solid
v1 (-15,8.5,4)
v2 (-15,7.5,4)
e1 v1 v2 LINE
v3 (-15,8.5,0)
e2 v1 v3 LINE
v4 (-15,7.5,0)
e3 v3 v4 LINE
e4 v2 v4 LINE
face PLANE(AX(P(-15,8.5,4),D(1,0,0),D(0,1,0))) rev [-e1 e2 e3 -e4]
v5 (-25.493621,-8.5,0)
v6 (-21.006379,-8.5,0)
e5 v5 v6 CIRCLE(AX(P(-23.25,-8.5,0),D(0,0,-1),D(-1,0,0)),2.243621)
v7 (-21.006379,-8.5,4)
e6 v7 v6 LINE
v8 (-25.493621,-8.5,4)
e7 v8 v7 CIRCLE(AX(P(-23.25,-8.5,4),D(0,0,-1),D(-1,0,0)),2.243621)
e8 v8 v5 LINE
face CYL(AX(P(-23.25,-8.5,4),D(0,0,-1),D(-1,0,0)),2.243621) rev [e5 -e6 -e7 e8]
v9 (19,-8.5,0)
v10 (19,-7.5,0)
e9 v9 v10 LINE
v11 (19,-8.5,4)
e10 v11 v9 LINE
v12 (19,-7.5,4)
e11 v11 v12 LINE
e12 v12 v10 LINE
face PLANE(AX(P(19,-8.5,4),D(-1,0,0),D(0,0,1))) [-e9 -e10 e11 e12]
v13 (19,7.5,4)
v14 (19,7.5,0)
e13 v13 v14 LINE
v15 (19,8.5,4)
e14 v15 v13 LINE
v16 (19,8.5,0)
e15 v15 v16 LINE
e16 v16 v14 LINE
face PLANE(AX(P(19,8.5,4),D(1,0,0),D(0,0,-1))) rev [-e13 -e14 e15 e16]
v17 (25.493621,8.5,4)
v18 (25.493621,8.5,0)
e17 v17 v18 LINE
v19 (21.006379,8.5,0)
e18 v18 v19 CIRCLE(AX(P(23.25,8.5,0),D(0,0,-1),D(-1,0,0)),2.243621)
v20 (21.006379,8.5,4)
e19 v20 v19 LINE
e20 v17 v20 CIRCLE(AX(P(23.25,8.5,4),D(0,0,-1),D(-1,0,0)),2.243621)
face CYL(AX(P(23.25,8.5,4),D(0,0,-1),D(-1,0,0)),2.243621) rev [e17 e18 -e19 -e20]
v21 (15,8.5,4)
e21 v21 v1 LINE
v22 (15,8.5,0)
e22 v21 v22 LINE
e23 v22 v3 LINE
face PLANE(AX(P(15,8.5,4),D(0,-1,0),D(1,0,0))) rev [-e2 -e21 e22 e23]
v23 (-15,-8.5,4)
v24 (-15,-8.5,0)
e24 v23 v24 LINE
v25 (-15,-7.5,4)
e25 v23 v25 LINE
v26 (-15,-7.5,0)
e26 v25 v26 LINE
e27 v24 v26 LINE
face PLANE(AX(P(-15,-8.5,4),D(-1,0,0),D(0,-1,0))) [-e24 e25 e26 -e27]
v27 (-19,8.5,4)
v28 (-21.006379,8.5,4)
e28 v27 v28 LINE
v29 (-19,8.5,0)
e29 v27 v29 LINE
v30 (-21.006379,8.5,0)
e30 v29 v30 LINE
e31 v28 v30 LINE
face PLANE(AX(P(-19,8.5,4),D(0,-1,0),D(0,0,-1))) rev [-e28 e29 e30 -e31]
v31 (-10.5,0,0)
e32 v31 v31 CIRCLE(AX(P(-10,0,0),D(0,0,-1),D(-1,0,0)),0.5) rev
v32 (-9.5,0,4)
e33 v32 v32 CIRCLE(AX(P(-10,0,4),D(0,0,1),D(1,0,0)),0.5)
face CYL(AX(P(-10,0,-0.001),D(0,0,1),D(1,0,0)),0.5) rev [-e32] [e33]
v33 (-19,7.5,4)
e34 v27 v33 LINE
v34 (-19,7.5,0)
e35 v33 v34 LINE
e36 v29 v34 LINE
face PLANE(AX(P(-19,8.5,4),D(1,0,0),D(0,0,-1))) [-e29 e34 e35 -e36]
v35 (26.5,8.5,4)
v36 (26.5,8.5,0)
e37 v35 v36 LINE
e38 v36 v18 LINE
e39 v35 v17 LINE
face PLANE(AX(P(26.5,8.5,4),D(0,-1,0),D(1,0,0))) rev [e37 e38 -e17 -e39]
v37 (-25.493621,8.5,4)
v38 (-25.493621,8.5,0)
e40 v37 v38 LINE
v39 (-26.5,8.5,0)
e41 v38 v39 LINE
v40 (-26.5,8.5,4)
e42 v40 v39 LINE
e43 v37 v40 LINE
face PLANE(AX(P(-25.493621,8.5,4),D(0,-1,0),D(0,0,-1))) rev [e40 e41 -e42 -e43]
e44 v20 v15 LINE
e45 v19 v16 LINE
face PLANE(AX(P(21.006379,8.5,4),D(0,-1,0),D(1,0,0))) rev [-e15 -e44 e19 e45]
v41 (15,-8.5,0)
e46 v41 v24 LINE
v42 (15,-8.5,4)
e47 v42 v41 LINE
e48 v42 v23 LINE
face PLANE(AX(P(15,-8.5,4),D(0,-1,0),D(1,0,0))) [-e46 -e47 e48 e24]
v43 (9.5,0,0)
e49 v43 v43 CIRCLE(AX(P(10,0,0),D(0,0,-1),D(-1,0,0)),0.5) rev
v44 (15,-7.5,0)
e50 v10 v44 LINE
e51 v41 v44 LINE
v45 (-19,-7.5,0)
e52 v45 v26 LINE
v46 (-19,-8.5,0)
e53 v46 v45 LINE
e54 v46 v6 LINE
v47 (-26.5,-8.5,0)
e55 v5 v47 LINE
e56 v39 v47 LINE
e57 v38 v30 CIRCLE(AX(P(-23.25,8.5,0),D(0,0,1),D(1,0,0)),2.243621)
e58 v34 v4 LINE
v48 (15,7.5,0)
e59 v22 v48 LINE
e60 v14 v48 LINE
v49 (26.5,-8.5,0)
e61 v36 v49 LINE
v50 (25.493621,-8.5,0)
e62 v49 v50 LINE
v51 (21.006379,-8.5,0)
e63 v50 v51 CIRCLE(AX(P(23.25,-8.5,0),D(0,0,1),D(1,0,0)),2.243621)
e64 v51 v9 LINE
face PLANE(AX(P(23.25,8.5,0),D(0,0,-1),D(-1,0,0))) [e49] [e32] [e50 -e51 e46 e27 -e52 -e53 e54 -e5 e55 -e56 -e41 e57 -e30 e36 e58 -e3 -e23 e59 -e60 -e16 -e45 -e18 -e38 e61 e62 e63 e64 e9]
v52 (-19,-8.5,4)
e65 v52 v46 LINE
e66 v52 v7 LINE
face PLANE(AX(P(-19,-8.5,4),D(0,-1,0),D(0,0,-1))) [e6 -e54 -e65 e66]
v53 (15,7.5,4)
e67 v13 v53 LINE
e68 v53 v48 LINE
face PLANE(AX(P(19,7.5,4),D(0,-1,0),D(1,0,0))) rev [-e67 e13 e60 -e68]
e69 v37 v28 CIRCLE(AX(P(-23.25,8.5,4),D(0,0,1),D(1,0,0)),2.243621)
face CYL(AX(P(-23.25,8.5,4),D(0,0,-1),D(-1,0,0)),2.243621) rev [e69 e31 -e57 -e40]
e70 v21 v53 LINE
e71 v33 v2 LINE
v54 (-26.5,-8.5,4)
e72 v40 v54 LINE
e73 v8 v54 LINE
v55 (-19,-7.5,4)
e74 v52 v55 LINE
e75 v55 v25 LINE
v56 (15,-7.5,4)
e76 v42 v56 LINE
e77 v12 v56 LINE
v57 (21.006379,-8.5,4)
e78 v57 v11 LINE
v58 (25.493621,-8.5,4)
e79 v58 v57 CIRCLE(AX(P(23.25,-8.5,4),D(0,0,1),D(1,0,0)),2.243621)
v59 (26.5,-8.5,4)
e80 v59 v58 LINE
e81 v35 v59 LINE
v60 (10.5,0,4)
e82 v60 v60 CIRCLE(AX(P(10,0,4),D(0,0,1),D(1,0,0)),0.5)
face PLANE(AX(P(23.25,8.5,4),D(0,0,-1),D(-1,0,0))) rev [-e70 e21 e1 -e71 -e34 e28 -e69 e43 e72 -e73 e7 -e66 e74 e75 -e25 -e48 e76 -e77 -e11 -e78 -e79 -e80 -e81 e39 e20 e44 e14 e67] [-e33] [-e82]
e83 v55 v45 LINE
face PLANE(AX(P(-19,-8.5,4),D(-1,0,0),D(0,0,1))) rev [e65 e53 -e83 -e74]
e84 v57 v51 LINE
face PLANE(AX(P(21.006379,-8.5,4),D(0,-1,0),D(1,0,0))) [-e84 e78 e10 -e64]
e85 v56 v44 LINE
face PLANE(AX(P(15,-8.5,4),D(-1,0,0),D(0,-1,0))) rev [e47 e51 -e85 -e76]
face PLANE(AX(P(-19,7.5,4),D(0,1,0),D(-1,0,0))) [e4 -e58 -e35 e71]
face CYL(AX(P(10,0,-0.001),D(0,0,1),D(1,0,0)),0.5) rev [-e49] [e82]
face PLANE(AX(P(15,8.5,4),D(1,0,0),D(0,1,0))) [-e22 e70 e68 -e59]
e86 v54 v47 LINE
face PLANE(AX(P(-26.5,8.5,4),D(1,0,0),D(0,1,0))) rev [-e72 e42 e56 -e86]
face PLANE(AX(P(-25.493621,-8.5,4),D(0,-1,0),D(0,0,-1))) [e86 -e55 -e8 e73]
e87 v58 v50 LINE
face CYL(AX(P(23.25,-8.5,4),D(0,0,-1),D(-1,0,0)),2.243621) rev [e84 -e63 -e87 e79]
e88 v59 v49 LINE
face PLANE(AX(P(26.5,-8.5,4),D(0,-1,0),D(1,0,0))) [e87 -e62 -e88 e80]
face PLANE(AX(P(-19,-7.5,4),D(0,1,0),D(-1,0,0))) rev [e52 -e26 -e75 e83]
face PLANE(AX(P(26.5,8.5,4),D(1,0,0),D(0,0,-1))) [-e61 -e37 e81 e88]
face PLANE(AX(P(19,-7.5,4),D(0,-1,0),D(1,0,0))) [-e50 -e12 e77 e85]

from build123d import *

# Parameters (mm, degrees)
AUFSATZ_LINEAR_AUSTRAGEN1_DEPTH = 4
SCHNITT_LINEAR_AUSTRAGEN1_REACH = 6
SKIZZE2_R                       = 0.5


with BuildPart() as part:
    # Skizze1 → Aufsatz-Linear austragen1 (new body)
    with BuildSketch(Plane.XY):
        with BuildLine():
            Line((26.5, 8.5), (25.493621062, 8.5))
            ThreePointArc((25.493621062, 8.5), (23.25, 6.256378938), (21.006378938, 8.5))
            Line((21.006378938, 8.5), (19, 8.5))
            Line((19, 8.5), (19, 7.5))
            Line((19, 7.5), (15, 7.5))
            Line((15, 7.5), (15, 8.5))
            Line((15, 8.5), (-15, 8.5))
            Line((-15, 8.5), (-15, 7.5))
            Line((-15, 7.5), (-19, 7.5))
            Line((-19, 7.5), (-19, 8.5))
            Line((-19, 8.5), (-21.006378938, 8.5))
            ThreePointArc((-21.006378938, 8.5), (-23.25, 6.256378938), (-25.493621062, 8.5))
            Line((-25.493621062, 8.5), (-26.5, 8.5))
            Line((-26.5, 8.5), (-26.5, -8.5))
            Line((-26.5, -8.5), (-25.493621062, -8.5))
            ThreePointArc((-25.493621062, -8.5), (-23.25, -6.256378938), (-21.006378938, -8.5))
            Line((-21.006378938, -8.5), (-19, -8.5))
            Line((-19, -8.5), (-19, -7.5))
            Line((-19, -7.5), (-15, -7.5))
            Line((-15, -7.5), (-15, -8.5))
            Line((-15, -8.5), (15, -8.5))
            Line((15, -8.5), (15, -7.5))
            Line((15, -7.5), (19, -7.5))
            Line((19, -7.5), (19, -8.5))
            Line((19, -8.5), (21.006378938, -8.5))
            ThreePointArc((21.006378938, -8.5), (23.25, -6.256378938), (25.493621062, -8.5))
            Line((25.493621062, -8.5), (26.5, -8.5))
            Line((26.5, -8.5), (26.5, 8.5))
        make_face()
    extrude(amount=AUFSATZ_LINEAR_AUSTRAGEN1_DEPTH)

    # Skizze2 → Schnitt-Linear austragen1 (cut, up to next)
    with BuildSketch(Plane.XY.offset(4), mode=Mode.PRIVATE) as schnitt_linear_austragen1_sk1:
        with Locations((-10, 0)):
            Circle(SKIZZE2_R)
    schnitt_linear_austragen1_tool1 = extrude(schnitt_linear_austragen1_sk1.sketch, amount=-SCHNITT_LINEAR_AUSTRAGEN1_REACH, mode=Mode.PRIVATE) & part.part
    add(schnitt_linear_austragen1_tool1.solids().sort_by_distance((-10, 0, 4))[0], mode=Mode.SUBTRACT)
    # Skizze2 → Schnitt-Linear austragen1 (cut, up to next)
    with BuildSketch(Plane.XY.offset(4), mode=Mode.PRIVATE) as schnitt_linear_austragen1_sk2:
        with Locations((10, 0)):
            Circle(SKIZZE2_R)
    schnitt_linear_austragen1_tool2 = extrude(schnitt_linear_austragen1_sk2.sketch, amount=-SCHNITT_LINEAR_AUSTRAGEN1_REACH, mode=Mode.PRIVATE) & part.part
    add(schnitt_linear_austragen1_tool2.solids().sort_by_distance((10, 0, 4))[0], mode=Mode.SUBTRACT)


solid = part.part
